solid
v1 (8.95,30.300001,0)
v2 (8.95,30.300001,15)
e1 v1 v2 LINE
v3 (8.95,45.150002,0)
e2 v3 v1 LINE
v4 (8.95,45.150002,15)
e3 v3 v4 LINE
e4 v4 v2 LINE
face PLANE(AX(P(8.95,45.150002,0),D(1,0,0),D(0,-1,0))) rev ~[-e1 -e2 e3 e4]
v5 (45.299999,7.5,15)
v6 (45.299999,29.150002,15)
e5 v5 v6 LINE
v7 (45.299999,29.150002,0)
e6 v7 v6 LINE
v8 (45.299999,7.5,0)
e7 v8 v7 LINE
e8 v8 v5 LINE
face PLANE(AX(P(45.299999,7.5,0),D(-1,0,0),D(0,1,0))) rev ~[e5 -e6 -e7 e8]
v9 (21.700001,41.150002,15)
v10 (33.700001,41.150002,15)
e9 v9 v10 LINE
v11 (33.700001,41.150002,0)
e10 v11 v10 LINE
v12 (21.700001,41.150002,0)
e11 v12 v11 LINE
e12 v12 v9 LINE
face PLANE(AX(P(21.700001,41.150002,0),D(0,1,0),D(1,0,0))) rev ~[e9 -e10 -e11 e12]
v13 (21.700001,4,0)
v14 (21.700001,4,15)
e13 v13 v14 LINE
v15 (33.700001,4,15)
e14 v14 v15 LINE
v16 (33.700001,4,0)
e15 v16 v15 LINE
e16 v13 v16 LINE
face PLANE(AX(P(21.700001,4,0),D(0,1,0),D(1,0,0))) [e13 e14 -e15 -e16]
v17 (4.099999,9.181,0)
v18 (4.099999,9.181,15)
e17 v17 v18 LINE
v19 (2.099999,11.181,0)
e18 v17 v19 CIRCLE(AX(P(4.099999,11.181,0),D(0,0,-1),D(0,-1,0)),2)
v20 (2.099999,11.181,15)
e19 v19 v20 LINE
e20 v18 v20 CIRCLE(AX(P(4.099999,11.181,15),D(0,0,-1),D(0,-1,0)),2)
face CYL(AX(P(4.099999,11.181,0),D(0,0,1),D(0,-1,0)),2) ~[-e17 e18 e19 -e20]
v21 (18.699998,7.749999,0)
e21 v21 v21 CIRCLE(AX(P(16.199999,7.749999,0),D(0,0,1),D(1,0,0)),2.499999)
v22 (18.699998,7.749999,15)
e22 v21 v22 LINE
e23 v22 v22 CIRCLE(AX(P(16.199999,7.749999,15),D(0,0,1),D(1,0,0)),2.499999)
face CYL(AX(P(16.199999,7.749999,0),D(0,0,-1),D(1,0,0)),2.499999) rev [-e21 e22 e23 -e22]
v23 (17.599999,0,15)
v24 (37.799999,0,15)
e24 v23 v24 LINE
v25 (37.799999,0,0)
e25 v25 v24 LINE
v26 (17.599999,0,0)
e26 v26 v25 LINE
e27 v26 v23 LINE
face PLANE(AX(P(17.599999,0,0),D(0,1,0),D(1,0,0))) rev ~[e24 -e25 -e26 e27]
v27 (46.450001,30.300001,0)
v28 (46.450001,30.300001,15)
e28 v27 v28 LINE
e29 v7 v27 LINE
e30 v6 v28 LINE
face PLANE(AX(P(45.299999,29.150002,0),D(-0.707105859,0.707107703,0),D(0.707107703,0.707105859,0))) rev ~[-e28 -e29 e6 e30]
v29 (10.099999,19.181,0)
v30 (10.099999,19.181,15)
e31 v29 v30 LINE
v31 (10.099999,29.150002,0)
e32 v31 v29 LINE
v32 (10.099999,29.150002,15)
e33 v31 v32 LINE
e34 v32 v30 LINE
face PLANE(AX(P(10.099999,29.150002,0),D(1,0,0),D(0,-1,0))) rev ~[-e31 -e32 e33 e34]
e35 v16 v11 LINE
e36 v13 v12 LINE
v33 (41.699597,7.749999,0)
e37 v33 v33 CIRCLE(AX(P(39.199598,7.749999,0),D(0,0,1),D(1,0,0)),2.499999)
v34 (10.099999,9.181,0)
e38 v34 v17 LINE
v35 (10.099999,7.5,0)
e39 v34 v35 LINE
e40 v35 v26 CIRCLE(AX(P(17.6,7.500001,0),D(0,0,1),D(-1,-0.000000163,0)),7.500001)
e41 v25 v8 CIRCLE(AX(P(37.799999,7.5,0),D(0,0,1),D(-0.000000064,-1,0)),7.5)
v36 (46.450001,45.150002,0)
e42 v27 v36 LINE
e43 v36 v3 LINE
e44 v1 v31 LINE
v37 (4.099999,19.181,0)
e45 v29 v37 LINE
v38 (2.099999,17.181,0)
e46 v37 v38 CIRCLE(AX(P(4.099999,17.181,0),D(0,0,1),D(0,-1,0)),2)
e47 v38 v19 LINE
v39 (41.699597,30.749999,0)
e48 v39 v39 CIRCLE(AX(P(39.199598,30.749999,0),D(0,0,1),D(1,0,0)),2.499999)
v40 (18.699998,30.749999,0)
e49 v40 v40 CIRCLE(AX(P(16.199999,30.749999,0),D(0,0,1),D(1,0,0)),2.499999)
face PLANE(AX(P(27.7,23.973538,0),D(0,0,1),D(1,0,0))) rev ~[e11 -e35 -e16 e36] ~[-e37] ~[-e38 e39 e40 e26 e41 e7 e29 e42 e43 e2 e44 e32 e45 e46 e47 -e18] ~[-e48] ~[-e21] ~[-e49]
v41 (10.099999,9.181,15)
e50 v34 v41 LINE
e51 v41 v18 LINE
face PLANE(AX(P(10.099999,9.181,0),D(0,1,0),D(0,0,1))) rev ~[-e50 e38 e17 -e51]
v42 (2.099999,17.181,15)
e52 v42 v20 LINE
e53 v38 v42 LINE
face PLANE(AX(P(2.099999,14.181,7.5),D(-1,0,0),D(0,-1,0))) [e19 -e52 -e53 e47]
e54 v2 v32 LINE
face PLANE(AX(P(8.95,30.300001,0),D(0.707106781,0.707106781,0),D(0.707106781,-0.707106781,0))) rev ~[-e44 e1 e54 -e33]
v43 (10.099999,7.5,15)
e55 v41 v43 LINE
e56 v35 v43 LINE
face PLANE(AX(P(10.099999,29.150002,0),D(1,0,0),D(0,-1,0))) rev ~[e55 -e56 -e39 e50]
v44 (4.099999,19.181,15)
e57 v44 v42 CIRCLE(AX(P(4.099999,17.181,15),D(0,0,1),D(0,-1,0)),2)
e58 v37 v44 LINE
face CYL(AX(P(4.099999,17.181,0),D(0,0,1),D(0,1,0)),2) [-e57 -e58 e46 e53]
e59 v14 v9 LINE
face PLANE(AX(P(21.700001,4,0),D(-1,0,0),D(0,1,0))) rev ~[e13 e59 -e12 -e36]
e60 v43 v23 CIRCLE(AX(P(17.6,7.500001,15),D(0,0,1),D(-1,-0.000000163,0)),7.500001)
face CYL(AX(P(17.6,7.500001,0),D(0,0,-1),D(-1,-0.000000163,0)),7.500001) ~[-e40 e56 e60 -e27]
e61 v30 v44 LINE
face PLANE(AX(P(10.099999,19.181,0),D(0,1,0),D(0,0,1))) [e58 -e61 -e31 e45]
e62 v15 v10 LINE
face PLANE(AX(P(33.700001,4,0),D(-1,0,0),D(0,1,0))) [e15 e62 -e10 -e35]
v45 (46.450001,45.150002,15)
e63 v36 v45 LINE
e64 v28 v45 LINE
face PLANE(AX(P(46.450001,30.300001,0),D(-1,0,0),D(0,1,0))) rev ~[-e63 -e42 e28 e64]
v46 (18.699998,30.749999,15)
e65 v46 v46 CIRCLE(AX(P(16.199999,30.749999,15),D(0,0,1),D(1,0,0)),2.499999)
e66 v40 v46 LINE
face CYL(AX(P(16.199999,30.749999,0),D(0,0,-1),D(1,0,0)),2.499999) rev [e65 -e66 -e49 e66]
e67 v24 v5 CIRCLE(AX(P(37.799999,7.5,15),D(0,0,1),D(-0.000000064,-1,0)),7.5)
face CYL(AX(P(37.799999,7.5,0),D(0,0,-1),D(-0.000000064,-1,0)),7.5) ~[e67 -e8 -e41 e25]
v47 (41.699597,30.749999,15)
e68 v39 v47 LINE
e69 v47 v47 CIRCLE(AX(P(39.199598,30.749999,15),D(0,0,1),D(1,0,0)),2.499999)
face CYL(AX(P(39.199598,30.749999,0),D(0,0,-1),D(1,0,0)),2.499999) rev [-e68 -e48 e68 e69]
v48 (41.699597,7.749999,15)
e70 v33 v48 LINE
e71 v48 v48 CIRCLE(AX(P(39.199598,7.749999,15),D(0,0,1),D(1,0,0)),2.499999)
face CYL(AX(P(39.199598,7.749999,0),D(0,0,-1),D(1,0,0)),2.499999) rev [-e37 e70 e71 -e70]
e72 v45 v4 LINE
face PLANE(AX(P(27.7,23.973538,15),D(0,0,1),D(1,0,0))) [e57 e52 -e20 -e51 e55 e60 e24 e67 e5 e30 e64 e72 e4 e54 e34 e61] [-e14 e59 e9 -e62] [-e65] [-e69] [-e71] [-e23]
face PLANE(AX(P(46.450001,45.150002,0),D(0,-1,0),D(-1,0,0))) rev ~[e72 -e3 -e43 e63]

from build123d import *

# Parameters (mm, degrees)
F0_R     = 2.499999
F0_W     = 12
F0_H     = 37.150002
F1_DEPTH = 15
F2_W     = 10
F2_H     = 15
F3_DEPTH = 8
F4_R     = 2


with BuildPart() as f1:
    # F0 (on Top) → F1 (new body)
    with BuildSketch(Plane.XY):
        with BuildLine():
            Line((46.450001, 45.150002), (8.95, 45.150002))
            Line((8.95, 45.150002), (8.95, 30.300001))
            Line((8.95, 30.300001), (10.099999, 29.150002))
            Line((10.099999, 29.150002), (10.099999, 7.5))
            ThreePointArc((10.099999, 7.5), (12.296699, 2.196699), (17.599999, 0))
            Line((17.599999, 0), (37.799999, 0))
            ThreePointArc((37.799999, 0), (43.1033, 2.196699), (45.299999, 7.5))
            Line((45.299999, 7.5), (45.299999, 29.150002))
            Line((45.299999, 29.150002), (46.450001, 30.300001))
            Line((46.450001, 30.300001), (46.450001, 45.150002))
        make_face()
        with Locations((16.199999, 7.749999)):
            Circle(F0_R, mode=Mode.SUBTRACT)
        with Locations((39.199598, 7.749999)):
            Circle(F0_R, mode=Mode.SUBTRACT)
        with Locations((16.199999, 30.749999)):
            Circle(F0_R, mode=Mode.SUBTRACT)
        with Locations((27.700001, 22.575001)):
            Rectangle(F0_W, F0_H, mode=Mode.SUBTRACT)
        with Locations((39.199598, 30.749999)):
            Circle(F0_R, mode=Mode.SUBTRACT)
    extrude(amount=F1_DEPTH)

    # F2 (on face) → F3 (join)
    with BuildSketch(Plane(origin=(10.099999, 0, 0), x_dir=(0, -1, 0), z_dir=(-1, 0, 0))):
        with Locations((-14.181, 7.5)):
            Rectangle(F2_W, F2_H)
    extrude(amount=F3_DEPTH)

    # F4
    f4_edges = [f1.edges().sort_by_distance(p)[0] for p in [
        (2.099999, 19.181, 7.5),
        (2.099999, 9.181, 7.5),
    ]]
    fillet(f4_edges, radius=F4_R)


solid = f1.part
